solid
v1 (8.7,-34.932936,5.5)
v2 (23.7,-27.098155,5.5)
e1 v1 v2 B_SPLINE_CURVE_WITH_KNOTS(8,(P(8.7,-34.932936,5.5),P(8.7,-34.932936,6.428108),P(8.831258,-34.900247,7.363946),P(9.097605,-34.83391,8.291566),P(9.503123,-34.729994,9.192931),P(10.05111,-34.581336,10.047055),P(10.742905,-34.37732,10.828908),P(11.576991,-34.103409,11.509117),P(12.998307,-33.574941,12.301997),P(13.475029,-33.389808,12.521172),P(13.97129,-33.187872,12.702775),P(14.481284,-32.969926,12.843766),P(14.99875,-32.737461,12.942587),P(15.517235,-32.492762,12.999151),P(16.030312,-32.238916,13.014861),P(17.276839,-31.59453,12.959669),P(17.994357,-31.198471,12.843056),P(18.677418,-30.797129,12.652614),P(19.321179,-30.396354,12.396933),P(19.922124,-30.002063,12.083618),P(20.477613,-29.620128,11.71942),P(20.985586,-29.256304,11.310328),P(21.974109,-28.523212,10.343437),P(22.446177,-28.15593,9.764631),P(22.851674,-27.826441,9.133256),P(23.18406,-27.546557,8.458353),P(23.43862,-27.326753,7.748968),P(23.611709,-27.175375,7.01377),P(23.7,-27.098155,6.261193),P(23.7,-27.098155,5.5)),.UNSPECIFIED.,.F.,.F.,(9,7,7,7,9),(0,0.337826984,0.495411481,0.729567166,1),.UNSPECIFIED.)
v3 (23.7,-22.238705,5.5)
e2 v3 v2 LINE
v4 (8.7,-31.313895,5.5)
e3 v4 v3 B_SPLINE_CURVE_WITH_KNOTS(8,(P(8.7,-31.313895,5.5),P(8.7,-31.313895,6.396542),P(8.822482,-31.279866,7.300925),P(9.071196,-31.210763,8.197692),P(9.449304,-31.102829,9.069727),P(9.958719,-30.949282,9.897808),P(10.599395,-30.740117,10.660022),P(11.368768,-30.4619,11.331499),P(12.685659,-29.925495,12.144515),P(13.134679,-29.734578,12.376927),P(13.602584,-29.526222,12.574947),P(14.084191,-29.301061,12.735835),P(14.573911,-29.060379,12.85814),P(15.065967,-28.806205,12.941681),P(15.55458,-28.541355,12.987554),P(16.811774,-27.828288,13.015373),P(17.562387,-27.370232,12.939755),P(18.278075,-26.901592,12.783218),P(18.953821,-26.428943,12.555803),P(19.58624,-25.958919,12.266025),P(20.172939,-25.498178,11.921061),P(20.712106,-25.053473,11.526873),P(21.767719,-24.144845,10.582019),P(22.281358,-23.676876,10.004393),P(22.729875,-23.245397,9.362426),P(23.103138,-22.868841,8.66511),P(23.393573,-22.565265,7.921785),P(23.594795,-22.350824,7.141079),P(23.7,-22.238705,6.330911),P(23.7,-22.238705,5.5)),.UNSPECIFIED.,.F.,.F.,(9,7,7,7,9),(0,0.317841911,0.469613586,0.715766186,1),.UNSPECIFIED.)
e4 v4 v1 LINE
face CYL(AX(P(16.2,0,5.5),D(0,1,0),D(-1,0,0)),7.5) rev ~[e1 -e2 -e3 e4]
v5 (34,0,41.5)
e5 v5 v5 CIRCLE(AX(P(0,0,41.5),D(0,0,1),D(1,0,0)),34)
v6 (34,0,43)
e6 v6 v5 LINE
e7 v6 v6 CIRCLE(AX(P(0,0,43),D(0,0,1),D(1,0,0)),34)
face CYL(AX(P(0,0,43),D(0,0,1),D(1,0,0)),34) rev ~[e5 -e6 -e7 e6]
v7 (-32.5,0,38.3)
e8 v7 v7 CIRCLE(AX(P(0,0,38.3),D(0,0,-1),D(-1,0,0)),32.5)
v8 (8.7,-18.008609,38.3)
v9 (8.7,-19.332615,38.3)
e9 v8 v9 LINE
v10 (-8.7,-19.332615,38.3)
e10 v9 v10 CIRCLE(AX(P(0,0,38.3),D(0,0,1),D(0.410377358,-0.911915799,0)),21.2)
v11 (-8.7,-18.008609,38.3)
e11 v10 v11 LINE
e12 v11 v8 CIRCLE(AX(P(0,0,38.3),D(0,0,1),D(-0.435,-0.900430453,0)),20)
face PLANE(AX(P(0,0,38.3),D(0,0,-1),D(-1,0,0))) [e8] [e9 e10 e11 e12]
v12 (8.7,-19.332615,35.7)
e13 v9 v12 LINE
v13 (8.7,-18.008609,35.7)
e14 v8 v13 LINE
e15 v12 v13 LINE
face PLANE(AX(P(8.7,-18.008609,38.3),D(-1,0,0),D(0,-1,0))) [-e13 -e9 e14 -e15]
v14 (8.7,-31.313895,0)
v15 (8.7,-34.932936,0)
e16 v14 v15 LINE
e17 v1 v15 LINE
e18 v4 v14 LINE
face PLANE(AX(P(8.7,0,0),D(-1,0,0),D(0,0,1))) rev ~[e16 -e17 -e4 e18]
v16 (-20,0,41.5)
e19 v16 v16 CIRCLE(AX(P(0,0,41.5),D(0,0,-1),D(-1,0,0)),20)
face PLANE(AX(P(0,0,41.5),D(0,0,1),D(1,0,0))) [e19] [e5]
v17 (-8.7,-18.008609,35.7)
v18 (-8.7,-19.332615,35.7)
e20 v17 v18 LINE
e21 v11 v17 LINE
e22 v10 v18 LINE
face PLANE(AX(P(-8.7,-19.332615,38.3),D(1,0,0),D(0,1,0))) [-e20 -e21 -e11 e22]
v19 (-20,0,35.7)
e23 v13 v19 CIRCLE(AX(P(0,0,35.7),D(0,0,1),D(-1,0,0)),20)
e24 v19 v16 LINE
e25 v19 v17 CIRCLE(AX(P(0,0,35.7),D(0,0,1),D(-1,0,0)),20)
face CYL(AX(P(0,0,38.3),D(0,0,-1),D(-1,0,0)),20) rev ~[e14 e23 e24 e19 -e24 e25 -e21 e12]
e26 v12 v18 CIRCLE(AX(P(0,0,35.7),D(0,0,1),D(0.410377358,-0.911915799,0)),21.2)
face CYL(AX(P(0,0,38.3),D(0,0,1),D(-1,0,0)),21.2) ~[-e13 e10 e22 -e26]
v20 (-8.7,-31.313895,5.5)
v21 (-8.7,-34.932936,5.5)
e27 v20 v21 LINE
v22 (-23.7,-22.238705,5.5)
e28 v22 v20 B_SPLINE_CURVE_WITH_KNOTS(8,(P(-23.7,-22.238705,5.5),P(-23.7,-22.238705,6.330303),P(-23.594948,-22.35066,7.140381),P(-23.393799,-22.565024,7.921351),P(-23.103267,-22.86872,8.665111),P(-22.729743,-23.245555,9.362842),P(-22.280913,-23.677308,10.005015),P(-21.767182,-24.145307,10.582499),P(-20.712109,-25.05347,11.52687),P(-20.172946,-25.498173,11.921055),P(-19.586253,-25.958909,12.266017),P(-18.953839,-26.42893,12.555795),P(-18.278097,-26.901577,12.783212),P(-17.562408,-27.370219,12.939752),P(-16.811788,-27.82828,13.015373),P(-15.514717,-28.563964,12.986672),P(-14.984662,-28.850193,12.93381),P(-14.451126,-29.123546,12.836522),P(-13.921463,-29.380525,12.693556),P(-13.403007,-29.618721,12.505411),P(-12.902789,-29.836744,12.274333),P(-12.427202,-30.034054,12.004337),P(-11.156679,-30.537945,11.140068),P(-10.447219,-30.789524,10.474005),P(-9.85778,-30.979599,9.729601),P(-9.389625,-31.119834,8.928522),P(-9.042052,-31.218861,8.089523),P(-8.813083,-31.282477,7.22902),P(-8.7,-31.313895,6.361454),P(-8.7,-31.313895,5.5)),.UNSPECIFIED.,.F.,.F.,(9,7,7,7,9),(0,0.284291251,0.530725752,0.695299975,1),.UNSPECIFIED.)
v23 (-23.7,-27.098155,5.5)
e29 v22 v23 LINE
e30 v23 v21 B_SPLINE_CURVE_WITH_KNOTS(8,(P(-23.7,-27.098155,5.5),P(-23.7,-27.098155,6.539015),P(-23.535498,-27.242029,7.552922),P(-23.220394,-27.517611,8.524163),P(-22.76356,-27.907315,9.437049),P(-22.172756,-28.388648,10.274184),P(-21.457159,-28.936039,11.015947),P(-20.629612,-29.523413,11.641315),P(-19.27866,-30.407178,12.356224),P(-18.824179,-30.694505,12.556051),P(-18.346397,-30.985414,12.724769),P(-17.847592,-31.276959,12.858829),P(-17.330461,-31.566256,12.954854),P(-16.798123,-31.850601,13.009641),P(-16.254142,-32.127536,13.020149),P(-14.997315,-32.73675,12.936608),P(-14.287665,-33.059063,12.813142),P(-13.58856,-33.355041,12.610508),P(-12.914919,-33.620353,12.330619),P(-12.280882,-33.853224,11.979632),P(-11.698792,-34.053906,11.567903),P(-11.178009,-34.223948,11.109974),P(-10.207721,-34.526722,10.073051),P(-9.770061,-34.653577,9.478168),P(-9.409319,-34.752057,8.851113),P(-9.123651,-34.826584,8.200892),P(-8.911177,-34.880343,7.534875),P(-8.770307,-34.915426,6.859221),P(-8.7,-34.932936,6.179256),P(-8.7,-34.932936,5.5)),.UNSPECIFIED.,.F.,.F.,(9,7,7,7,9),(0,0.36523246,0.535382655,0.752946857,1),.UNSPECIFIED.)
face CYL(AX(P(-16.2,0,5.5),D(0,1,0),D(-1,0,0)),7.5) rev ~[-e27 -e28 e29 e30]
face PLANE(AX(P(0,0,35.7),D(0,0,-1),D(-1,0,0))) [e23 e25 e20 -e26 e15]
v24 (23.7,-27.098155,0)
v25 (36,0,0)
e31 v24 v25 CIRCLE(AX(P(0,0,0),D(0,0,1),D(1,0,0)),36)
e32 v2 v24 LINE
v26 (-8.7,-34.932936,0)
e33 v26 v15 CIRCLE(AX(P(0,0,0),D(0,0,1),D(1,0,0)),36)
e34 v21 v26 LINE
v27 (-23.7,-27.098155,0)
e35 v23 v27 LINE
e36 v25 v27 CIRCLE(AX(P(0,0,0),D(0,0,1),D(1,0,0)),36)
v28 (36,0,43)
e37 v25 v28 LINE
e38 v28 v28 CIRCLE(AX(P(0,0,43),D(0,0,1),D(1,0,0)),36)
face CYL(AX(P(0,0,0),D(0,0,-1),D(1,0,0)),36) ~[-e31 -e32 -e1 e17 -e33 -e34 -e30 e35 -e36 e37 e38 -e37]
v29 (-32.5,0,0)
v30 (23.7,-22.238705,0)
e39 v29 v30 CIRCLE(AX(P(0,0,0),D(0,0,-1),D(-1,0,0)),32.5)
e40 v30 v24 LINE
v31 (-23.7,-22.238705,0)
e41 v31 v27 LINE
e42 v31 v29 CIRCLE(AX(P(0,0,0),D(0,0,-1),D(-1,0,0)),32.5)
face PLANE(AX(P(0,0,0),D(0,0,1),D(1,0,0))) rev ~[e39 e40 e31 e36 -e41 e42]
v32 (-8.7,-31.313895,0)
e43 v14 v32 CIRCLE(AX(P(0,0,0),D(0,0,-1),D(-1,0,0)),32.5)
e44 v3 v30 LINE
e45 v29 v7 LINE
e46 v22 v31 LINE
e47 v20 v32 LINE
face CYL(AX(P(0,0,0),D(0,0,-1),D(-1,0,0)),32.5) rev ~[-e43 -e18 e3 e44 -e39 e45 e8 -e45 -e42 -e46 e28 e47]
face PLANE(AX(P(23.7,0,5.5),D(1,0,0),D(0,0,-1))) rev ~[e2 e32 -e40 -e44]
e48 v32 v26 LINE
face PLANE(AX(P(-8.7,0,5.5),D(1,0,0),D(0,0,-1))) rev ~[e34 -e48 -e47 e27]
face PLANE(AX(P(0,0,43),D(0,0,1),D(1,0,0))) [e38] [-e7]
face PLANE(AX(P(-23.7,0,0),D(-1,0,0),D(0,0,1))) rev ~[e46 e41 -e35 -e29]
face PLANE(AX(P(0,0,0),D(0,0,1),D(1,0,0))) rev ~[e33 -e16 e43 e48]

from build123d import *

# Parameters (mm, degrees)
SKETCH_1_R               = 36
EXTRUDE_1_DEPTH          = 43
SKETCH_2_R               = 34
CUT_EXTRUDE_1_DEPTH      = 1.5
SKETCH_5_R               = 32.5
CUT_EXTRUDE_2_DEPTH      = 38.3
SKETCH_6_R               = 21.2
EXTRUDE_2_DEPTH          = 2.6
CUT_EXTRUDE_3_DEPTH      = 7
CUT_EXTRUDE_3_DEPTH_BACK = 8.6
SKETCH_6_3_R             = 20
CUT_EXTRUDE_4_DEPTH      = 67.640828326
CUT_EXTRUDE_5_DEPTH      = 3


with BuildPart() as part:
    # 草图1 → 凸台-拉伸1 (new body)
    with BuildSketch(Plane.XY):
        Circle(SKETCH_1_R)
    extrude(amount=EXTRUDE_1_DEPTH)

    # 草图2 → 切除-拉伸1 (cut)
    with BuildSketch(Plane.XY.offset(43)):
        Circle(SKETCH_2_R)
    extrude(amount=-CUT_EXTRUDE_1_DEPTH, mode=Mode.SUBTRACT)

    # 草图5 → 切除-拉伸2 (cut)
    with BuildSketch(Plane(origin=(0, 0, 0), x_dir=(-1, 0, 0), z_dir=(0, 0, -1))):
        Circle(SKETCH_5_R)
    extrude(amount=-CUT_EXTRUDE_2_DEPTH, mode=Mode.SUBTRACT)

    # 草图6 → 凸台-拉伸2 (add)
    with BuildSketch(Plane(origin=(0, 0, 38.3), x_dir=(-1, 0, 0), z_dir=(0, 0, -1))):
        Circle(SKETCH_6_R)
    extrude(amount=EXTRUDE_2_DEPTH)

    # 草图6<3> → 切除-拉伸3 (cut, two sides: drawn at the far end of the back side and taken through both)
    with BuildSketch(Plane(origin=(0, 0, 38.3), x_dir=(-1, 0, 0), z_dir=(0, 0, -1)).offset(-CUT_EXTRUDE_3_DEPTH_BACK)):
        Circle(SKETCH_6_3_R)
    extrude(amount=CUT_EXTRUDE_3_DEPTH + CUT_EXTRUDE_3_DEPTH_BACK, mode=Mode.SUBTRACT)

    # 草图3 → 切除-拉伸4 (cut, through all)
    with BuildSketch(Plane(origin=(0, 0, 0), x_dir=(1, 0, 0), z_dir=(0, 1, 0))):
        with BuildLine():
            Line((-23.7, 0), (-23.7, -5.5))
            ThreePointArc((-23.7, -5.5), (-16.2, -13), (-8.7, -5.5))
            Line((-8.7, -5.5), (-8.7, 0))
            Line((-8.7, 0), (-23.7, 0))
        make_face()
        with BuildLine():
            Line((8.7, 0), (8.7, -5.5))
            ThreePointArc((8.7, -5.5), (16.2, -13), (23.7, -5.5))
            Line((23.7, -5.5), (23.7, 0))
            Line((23.7, 0), (8.7, 0))
        make_face()
    extrude(amount=-CUT_EXTRUDE_4_DEPTH, mode=Mode.SUBTRACT)

    # 草图7 → 切除-拉伸5 (cut)
    with BuildSketch(Plane(origin=(0, 0, 38.3), x_dir=(-1, 0, 0), z_dir=(0, 0, -1))):
        with BuildLine():
            Line((-8.7, -18.008609052), (-8.7, -19.332614929))
            ThreePointArc((-8.7, -19.332614929), (0, -21.2), (8.7, -19.332614929))
            Line((8.7, -19.332614929), (8.7, -18.008609052))
            ThreePointArc((8.7, -18.008609052), (0, -20), (-8.7, -18.008609052))
        make_face()
    extrude(amount=CUT_EXTRUDE_5_DEPTH, mode=Mode.SUBTRACT)


solid = part.part
